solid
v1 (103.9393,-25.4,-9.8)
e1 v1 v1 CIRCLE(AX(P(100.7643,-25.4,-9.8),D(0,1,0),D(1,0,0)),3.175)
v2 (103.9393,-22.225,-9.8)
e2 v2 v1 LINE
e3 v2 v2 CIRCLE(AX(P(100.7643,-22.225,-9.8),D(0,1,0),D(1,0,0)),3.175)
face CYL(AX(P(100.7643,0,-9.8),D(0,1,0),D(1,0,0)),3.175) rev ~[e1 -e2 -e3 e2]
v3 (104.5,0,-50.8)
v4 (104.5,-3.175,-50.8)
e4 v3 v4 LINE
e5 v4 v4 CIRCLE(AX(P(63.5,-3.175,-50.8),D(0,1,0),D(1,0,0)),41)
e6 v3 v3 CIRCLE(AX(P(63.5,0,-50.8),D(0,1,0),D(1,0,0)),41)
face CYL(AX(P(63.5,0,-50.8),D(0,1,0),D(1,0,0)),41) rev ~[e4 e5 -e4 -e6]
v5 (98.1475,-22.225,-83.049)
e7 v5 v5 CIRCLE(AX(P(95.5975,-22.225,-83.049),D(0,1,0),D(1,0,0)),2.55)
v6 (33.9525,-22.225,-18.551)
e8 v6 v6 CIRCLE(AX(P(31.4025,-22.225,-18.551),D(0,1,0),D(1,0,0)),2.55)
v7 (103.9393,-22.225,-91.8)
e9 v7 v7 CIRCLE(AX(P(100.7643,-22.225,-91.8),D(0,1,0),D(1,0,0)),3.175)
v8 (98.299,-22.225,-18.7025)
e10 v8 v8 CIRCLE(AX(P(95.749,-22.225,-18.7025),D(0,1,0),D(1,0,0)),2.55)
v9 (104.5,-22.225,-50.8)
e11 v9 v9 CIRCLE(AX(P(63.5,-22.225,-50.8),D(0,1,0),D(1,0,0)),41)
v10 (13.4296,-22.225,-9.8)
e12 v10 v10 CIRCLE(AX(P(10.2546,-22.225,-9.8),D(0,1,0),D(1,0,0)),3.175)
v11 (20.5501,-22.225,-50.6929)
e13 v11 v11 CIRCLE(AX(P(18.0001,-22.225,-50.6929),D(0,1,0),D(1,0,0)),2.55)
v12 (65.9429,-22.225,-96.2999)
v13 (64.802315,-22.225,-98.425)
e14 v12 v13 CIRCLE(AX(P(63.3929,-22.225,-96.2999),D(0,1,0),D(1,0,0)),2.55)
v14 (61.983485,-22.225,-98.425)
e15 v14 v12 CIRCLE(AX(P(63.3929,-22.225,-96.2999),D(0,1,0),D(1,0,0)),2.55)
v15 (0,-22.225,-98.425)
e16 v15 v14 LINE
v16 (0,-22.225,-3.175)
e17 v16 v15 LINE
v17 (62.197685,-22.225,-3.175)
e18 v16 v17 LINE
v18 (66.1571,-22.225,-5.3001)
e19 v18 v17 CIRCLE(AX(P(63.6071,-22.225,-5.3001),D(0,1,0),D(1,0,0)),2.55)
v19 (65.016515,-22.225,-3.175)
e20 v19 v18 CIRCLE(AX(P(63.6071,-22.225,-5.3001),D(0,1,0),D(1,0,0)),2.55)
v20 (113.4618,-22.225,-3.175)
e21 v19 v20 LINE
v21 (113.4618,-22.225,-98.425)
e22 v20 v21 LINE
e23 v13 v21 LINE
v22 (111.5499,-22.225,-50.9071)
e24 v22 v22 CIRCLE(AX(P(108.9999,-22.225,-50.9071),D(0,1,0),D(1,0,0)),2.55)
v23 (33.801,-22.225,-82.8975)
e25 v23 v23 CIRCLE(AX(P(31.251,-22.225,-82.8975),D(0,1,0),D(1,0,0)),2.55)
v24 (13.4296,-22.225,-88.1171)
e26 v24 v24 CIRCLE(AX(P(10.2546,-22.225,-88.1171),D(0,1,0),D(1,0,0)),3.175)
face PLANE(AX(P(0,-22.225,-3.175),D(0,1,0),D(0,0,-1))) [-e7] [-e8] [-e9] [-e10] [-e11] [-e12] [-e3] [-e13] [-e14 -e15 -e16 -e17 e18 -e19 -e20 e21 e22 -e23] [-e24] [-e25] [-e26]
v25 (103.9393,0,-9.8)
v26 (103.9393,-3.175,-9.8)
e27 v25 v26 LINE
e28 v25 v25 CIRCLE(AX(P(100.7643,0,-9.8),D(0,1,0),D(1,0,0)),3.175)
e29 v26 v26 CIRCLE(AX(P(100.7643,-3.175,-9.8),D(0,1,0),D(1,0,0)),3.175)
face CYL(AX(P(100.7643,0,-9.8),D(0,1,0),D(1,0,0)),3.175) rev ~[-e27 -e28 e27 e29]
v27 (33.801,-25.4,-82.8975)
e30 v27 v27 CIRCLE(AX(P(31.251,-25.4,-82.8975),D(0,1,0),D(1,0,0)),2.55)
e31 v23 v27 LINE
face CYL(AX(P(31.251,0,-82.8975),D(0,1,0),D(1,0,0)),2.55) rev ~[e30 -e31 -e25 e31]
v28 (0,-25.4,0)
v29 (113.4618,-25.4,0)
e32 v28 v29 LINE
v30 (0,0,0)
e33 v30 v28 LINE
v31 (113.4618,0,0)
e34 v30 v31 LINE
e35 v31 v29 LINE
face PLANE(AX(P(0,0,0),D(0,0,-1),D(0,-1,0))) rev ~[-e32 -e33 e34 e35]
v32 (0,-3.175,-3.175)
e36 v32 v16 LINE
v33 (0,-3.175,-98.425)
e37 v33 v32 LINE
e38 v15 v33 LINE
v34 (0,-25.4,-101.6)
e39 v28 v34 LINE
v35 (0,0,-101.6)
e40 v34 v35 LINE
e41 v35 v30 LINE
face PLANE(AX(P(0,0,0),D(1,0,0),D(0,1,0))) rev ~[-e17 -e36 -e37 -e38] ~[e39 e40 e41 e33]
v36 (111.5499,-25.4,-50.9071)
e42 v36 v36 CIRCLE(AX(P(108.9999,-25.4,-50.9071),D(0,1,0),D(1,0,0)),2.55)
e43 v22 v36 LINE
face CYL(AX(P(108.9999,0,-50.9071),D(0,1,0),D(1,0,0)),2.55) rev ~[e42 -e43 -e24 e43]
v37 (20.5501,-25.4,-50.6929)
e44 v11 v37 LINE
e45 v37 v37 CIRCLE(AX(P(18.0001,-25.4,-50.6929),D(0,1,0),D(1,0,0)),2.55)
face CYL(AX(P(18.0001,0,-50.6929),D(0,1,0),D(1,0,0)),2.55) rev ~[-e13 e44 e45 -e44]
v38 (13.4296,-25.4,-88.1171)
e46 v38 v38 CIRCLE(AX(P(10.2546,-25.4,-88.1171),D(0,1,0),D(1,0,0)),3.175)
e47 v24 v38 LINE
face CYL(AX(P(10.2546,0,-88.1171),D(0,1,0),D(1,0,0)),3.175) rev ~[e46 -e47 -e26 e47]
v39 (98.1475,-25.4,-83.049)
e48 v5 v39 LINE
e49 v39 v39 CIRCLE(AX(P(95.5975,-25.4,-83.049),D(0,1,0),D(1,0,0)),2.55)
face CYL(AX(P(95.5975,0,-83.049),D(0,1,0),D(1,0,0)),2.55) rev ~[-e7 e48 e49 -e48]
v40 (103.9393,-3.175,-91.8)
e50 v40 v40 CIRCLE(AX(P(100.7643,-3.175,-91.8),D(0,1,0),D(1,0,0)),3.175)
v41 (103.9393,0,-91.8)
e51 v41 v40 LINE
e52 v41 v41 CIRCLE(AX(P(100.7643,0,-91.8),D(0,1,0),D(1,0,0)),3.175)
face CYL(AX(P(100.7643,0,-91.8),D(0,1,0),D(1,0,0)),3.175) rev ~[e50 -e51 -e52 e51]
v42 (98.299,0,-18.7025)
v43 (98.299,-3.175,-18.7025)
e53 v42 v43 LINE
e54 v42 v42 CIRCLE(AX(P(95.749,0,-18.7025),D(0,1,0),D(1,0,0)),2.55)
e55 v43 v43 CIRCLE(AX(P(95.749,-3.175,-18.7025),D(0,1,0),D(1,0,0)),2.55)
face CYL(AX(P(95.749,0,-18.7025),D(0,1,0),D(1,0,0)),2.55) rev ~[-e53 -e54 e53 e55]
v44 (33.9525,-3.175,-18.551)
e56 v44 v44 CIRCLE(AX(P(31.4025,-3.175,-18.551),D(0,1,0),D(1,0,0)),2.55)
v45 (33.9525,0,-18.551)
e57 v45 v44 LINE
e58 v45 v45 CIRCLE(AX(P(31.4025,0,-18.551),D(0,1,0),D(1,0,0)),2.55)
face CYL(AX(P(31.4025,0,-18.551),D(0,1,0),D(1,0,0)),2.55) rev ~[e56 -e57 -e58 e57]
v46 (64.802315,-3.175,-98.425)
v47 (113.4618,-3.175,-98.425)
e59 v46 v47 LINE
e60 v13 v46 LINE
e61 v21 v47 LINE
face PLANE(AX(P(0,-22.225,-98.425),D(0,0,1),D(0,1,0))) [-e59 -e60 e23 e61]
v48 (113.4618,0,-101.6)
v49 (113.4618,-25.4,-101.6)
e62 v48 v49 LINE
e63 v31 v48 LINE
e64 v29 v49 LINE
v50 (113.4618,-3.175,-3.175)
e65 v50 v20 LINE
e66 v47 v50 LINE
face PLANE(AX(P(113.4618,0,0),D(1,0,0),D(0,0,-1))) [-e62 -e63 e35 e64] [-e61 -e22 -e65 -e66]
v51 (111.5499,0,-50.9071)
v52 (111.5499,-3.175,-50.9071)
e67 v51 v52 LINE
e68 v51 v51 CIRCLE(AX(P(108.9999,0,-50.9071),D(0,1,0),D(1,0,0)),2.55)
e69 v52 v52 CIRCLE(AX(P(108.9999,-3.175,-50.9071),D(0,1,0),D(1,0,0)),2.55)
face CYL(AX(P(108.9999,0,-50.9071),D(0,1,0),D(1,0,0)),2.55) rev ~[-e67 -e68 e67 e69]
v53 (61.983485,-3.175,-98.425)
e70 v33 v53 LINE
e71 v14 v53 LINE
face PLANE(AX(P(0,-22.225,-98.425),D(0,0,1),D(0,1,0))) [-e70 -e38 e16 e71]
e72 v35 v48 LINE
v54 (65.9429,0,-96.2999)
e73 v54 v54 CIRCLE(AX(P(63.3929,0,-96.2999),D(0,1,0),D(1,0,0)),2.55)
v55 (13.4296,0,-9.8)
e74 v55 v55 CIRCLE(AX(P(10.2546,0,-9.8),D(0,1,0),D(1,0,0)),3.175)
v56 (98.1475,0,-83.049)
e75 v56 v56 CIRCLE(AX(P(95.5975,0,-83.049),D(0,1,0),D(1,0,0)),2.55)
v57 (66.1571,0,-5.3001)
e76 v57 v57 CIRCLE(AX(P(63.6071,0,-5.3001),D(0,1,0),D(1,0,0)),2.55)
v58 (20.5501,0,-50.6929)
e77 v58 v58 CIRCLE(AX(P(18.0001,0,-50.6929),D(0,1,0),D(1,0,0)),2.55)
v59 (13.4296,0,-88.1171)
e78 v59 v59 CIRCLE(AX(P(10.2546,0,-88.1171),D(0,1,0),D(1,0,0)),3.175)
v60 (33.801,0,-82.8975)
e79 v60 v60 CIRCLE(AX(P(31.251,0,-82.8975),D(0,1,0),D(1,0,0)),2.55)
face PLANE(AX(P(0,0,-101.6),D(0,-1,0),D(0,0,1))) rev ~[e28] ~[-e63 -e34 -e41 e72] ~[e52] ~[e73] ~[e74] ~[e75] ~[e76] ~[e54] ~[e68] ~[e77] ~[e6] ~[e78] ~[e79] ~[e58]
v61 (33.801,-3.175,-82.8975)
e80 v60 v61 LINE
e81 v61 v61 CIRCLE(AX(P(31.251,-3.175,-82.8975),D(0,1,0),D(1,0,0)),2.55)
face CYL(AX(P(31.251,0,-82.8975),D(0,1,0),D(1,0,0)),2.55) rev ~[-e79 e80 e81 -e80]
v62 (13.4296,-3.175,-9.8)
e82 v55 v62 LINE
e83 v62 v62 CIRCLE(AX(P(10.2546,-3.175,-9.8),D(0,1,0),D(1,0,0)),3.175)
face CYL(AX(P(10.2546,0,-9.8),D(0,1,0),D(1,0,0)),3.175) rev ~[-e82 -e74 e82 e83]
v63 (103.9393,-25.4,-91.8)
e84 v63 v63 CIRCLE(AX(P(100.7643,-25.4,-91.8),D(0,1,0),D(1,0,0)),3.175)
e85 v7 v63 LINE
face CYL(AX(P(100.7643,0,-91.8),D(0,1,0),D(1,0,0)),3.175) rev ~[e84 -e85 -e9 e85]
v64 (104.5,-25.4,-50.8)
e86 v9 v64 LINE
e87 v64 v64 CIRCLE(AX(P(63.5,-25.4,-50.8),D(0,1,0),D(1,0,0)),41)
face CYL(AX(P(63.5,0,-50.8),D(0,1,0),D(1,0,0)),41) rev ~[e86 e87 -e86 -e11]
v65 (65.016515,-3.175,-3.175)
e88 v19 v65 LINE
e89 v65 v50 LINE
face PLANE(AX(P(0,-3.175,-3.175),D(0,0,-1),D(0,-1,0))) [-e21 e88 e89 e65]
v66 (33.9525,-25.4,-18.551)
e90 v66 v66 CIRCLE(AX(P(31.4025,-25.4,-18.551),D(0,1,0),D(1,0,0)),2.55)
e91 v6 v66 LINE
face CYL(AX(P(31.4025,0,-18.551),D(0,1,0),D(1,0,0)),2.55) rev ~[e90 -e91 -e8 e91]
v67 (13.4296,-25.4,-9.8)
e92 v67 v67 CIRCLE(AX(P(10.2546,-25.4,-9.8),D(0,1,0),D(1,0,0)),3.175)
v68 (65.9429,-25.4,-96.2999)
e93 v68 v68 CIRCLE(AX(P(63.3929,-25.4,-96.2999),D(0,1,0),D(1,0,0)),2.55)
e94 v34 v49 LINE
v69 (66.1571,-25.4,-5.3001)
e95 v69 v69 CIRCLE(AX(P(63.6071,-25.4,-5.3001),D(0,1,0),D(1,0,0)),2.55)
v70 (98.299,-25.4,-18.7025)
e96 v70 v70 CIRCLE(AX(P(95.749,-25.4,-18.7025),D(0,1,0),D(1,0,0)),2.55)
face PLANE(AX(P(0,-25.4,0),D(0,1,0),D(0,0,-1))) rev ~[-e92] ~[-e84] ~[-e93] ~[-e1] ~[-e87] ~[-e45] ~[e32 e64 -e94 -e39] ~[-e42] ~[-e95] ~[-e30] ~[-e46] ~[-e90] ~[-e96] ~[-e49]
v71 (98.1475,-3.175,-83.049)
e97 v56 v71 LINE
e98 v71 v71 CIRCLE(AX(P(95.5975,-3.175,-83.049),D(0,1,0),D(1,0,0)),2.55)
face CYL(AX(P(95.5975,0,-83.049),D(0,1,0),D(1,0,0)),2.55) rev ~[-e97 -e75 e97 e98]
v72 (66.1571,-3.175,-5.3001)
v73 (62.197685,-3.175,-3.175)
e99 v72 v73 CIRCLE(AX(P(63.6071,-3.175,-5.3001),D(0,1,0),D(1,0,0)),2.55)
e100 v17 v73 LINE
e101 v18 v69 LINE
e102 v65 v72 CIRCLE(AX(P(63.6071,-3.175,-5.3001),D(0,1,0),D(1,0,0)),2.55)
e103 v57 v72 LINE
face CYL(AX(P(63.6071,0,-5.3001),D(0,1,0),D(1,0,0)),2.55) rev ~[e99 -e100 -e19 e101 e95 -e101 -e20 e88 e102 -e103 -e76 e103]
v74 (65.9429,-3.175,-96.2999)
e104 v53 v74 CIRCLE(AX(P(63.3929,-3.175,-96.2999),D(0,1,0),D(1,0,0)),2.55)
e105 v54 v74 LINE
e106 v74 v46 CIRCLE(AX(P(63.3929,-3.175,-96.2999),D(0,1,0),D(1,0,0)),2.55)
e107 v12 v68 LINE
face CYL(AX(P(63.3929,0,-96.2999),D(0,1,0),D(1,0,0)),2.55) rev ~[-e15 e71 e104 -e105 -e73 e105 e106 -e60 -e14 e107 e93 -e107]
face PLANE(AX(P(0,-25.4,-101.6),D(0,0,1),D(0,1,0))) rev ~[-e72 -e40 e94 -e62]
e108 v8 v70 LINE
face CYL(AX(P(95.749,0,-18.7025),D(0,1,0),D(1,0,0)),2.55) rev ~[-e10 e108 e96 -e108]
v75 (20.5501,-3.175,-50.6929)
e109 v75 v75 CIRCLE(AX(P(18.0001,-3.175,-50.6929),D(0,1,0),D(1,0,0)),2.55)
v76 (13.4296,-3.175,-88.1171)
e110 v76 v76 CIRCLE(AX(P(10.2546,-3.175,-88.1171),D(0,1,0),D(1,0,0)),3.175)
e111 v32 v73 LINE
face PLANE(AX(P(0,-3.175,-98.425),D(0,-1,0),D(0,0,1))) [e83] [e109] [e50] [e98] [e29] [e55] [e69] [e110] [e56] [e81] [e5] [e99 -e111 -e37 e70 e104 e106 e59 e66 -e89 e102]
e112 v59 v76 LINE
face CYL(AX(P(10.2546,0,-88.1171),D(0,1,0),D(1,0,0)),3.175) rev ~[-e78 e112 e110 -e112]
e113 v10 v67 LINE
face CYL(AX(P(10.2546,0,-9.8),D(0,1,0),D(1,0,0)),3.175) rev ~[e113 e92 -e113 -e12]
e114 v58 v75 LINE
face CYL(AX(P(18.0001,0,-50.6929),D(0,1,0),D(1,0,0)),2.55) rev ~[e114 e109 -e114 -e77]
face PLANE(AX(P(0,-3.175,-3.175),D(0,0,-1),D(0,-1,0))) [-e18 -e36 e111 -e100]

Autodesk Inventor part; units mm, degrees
ref_plane "YZ Plane" through (0, 0, 0) normal (1, 0, 0) x (0, 1, 0)
ref_plane "XZ Plane" through (0, 0, 0) normal (0, 1, 0) x (-1, 0, 0)
ref_plane "XY Plane" through (0, 0, 0) normal (0, 0, 1) x (1, 0, 0)
sketch "Sketch1" plane through (0, 0, 0) normal (1, 0, 0) x (0, 1, 0)
  line L0 (0, 0) -> (-25.4, 0)
  line L1 (-25.4, 0) -> (-25.4, -101.6)
  line L2 (-25.4, -101.6) -> (0, -101.6)
  line L3 (0, -101.6) -> (0, 0)
  line L4 (-3.175, -3.175) -> (-22.225, -3.175)
  line L5 (-22.225, -3.175) -> (-22.225, -98.425)
  line L6 (-22.225, -98.425) -> (-3.175, -98.425)
  line L7 (-3.175, -98.425) -> (-3.175, -3.175)
  dimension "d0" = 25.4
  dimension "d1" = 101.6
  dimension "d2" = 3.175
extrude "Extrusion1" add sketch "Sketch1" along normal blind 127
sketch "Sketch2" plane through (0, 0, 0) normal (0, 1, 0) x (1, 0, 0)
  circle A0 centre (63.5, 50.8) radius 41 projected
  point P0 (0, 0)
extrude "Extrusion2" cut sketch "Sketch2" against normal blind 127
sketch "Sketch3" plane through (0, 0, 0) normal (0, 1, 0) x (1, 0, 0)
  circle A0 centre (63.5, 50.8) radius 49.5 projected
  circle A1 centre (31.251, 82.8975) radius 2.55 projected
  circle A2 centre (63.3929, 96.2999) radius 2.55 projected
  circle A3 centre (95.5975, 83.049) radius 2.55 projected
  circle A4 centre (108.9999, 50.9071) radius 2.55 projected
  circle A5 centre (95.749, 18.7025) radius 2.55 projected
  circle A6 centre (63.6071, 5.3001) radius 2.55 projected
  circle A7 centre (31.4025, 18.551) radius 2.55 projected
  circle A8 centre (18.0001, 50.6929) radius 2.55 projected
  circle A9 centre (63.5, 50.8) radius 29 projected
  point P0 (0, 0)
extrude "Extrusion3" cut sketch "Sketch3" against normal blind 127 contours A1 | A2 | A3 | A4 | A5 | A6 | A7 | A8
sketch "Sketch4" plane through (0, 0, 0) normal (0, 1, 0) x (1, 0, 0)
  circle A0 centre (31.4025, 18.551) radius 2.55 projected
  circle A1 centre (95.749, 18.7025) radius 2.55 projected
  circle A2 centre (95.5975, 83.049) radius 2.55 projected
  circle A3 centre (31.251, 82.8975) radius 2.55 projected
  circle A4 centre (63.3929, 96.2999) radius 2.55 projected
  circle A5 centre (108.9999, 50.9071) radius 2.55 projected
  circle A6 centre (63.6071, 5.3001) radius 2.55 projected
  circle A7 centre (18.0001, 50.6929) radius 2.55 projected
  circle A8 centre (63.5, 50.8) radius 41 projected
  line L0 (0, 101.6) -> (0, 0) projected
  line L1 (0, 0) -> (127, 0) projected
  line L2 (127, 101.6) -> (127, 0) projected
  line L3 (0, 101.6) -> (127, 101.6) projected
  line L4 (0, 101.6) -> (127, 101.6) projected
  line L5 (127, 0) -> (113.4618, 0)
  line L6 (113.4618, 0) -> (113.4618, 101.6)
  line L7 (113.4618, 101.6) -> (127, 101.6)
  line L8 (127, 101.6) -> (127, 0)
  dimension "d9" = 13.5382
extrude "Extrusion4" cut sketch "Sketch4" against normal blind 127 contours L3 L2 L1 L6
sketch "Sketch6" plane through (0, 0, 0) normal (0, 1, 0) x (1, 0, 0)
  circle A0 centre (10.2546, 88.1171) radius 3.175 projected
  circle A1 centre (-15.1454, 88.2911) radius 3.175 projected
  arc A2 (59.2572, 91.5755) -> (37.6675, 82.6327) centre (63.5, 50.8) ccw projected
  arc A3 (58.9842, 100.7643) -> (59.2572, 91.5755) centre (63.5, 96.3) ccw projected
  line L0 (-60.4471, 100.7643) -> (58.9842, 100.7643) projected
  line L1 (-60.4471, 100.7643) -> (-35.0471, 75.3643) projected
  line L2 (-35.0471, 75.3643) -> (30.6788, 75.3643) projected
  arc A4 (31.6673, 76.6325) -> (30.6788, 75.3643) centre (63.5, 50.8) ccw projected
  arc A5 (37.6675, 82.6327) -> (31.6673, 76.6325) centre (31.3266, 82.9734) ccw projected
  circle A6 centre (63.5, 50.8) radius 9.525 projected
  circle A7 centre (-15.1454, 88.2911) radius 3.175 projected
  circle A8 centre (100.7643, -2.7658) radius 3.175 projected
  circle A9 centre (10.2546, 88.1171) radius 3.175 projected
  line L3 (113.4643, 100.7643) -> (113.4643, -13.5357) projected
  line L4 (-35.8911, 100.7643) -> (113.4643, 100.7643) projected
  line L5 (-35.8911, 100.7643) -> (-4.2078, -13.5357) projected
  line L6 (113.4643, -13.5357) -> (-4.2078, -13.5357) projected
  line L7 (91.2393, -13.5357) -> (91.2393, 100.7643) projected
  line L8 (110.2893, -13.5357) -> (91.2393, -13.5357) projected
  line L9 (110.2893, -13.5357) -> (110.2893, 100.7643) projected
  line L10 (91.2393, 100.7643) -> (110.2893, 100.7643) projected
  line L11 (113.4618, 0) -> (113.4618, 101.6) projected
  line L12 (0, 101.6) -> (113.4618, 101.6) projected
  line L13 (0, 101.6) -> (0, 0) projected
  line L14 (0, 0) -> (113.4618, 0) projected
  circle A10 centre (63.5, 50.8) radius 41 projected
  circle A11 centre (18.0001, 50.6929) radius 2.55 projected
  circle A12 centre (63.6071, 5.3001) radius 2.55 projected
  circle A13 centre (108.9999, 50.9071) radius 2.55 projected
  circle A14 centre (63.3929, 96.2999) radius 2.55 projected
  circle A15 centre (31.251, 82.8975) radius 2.55 projected
  circle A16 centre (95.5975, 83.049) radius 2.55 projected
  circle A17 centre (95.749, 18.7025) radius 2.55 projected
  circle A18 centre (31.4025, 18.551) radius 2.55 projected
  circle A19 centre (100.7643, 9.8) radius 3.175
  circle A20 centre (10.2546, 9.8) radius 3.175
  circle A21 centre (100.7643, 91.8) radius 3.175
  circle A22 centre (10.2546, 9.8) radius 3.175 projected
  circle A23 centre (100.7643, 9.8) radius 3.175 projected
  circle A24 centre (100.7643, 91.8) radius 3.175 projected
  dimension "d12" = 6.35
  dimension "d13" = 6.35
  dimension "d14" = 6.35
extrude "Extrusion5" cut sketch "Sketch6" against normal blind 127 contours A0 | A19 | A20 | A21
properties part number "4x1x5 box beam"
